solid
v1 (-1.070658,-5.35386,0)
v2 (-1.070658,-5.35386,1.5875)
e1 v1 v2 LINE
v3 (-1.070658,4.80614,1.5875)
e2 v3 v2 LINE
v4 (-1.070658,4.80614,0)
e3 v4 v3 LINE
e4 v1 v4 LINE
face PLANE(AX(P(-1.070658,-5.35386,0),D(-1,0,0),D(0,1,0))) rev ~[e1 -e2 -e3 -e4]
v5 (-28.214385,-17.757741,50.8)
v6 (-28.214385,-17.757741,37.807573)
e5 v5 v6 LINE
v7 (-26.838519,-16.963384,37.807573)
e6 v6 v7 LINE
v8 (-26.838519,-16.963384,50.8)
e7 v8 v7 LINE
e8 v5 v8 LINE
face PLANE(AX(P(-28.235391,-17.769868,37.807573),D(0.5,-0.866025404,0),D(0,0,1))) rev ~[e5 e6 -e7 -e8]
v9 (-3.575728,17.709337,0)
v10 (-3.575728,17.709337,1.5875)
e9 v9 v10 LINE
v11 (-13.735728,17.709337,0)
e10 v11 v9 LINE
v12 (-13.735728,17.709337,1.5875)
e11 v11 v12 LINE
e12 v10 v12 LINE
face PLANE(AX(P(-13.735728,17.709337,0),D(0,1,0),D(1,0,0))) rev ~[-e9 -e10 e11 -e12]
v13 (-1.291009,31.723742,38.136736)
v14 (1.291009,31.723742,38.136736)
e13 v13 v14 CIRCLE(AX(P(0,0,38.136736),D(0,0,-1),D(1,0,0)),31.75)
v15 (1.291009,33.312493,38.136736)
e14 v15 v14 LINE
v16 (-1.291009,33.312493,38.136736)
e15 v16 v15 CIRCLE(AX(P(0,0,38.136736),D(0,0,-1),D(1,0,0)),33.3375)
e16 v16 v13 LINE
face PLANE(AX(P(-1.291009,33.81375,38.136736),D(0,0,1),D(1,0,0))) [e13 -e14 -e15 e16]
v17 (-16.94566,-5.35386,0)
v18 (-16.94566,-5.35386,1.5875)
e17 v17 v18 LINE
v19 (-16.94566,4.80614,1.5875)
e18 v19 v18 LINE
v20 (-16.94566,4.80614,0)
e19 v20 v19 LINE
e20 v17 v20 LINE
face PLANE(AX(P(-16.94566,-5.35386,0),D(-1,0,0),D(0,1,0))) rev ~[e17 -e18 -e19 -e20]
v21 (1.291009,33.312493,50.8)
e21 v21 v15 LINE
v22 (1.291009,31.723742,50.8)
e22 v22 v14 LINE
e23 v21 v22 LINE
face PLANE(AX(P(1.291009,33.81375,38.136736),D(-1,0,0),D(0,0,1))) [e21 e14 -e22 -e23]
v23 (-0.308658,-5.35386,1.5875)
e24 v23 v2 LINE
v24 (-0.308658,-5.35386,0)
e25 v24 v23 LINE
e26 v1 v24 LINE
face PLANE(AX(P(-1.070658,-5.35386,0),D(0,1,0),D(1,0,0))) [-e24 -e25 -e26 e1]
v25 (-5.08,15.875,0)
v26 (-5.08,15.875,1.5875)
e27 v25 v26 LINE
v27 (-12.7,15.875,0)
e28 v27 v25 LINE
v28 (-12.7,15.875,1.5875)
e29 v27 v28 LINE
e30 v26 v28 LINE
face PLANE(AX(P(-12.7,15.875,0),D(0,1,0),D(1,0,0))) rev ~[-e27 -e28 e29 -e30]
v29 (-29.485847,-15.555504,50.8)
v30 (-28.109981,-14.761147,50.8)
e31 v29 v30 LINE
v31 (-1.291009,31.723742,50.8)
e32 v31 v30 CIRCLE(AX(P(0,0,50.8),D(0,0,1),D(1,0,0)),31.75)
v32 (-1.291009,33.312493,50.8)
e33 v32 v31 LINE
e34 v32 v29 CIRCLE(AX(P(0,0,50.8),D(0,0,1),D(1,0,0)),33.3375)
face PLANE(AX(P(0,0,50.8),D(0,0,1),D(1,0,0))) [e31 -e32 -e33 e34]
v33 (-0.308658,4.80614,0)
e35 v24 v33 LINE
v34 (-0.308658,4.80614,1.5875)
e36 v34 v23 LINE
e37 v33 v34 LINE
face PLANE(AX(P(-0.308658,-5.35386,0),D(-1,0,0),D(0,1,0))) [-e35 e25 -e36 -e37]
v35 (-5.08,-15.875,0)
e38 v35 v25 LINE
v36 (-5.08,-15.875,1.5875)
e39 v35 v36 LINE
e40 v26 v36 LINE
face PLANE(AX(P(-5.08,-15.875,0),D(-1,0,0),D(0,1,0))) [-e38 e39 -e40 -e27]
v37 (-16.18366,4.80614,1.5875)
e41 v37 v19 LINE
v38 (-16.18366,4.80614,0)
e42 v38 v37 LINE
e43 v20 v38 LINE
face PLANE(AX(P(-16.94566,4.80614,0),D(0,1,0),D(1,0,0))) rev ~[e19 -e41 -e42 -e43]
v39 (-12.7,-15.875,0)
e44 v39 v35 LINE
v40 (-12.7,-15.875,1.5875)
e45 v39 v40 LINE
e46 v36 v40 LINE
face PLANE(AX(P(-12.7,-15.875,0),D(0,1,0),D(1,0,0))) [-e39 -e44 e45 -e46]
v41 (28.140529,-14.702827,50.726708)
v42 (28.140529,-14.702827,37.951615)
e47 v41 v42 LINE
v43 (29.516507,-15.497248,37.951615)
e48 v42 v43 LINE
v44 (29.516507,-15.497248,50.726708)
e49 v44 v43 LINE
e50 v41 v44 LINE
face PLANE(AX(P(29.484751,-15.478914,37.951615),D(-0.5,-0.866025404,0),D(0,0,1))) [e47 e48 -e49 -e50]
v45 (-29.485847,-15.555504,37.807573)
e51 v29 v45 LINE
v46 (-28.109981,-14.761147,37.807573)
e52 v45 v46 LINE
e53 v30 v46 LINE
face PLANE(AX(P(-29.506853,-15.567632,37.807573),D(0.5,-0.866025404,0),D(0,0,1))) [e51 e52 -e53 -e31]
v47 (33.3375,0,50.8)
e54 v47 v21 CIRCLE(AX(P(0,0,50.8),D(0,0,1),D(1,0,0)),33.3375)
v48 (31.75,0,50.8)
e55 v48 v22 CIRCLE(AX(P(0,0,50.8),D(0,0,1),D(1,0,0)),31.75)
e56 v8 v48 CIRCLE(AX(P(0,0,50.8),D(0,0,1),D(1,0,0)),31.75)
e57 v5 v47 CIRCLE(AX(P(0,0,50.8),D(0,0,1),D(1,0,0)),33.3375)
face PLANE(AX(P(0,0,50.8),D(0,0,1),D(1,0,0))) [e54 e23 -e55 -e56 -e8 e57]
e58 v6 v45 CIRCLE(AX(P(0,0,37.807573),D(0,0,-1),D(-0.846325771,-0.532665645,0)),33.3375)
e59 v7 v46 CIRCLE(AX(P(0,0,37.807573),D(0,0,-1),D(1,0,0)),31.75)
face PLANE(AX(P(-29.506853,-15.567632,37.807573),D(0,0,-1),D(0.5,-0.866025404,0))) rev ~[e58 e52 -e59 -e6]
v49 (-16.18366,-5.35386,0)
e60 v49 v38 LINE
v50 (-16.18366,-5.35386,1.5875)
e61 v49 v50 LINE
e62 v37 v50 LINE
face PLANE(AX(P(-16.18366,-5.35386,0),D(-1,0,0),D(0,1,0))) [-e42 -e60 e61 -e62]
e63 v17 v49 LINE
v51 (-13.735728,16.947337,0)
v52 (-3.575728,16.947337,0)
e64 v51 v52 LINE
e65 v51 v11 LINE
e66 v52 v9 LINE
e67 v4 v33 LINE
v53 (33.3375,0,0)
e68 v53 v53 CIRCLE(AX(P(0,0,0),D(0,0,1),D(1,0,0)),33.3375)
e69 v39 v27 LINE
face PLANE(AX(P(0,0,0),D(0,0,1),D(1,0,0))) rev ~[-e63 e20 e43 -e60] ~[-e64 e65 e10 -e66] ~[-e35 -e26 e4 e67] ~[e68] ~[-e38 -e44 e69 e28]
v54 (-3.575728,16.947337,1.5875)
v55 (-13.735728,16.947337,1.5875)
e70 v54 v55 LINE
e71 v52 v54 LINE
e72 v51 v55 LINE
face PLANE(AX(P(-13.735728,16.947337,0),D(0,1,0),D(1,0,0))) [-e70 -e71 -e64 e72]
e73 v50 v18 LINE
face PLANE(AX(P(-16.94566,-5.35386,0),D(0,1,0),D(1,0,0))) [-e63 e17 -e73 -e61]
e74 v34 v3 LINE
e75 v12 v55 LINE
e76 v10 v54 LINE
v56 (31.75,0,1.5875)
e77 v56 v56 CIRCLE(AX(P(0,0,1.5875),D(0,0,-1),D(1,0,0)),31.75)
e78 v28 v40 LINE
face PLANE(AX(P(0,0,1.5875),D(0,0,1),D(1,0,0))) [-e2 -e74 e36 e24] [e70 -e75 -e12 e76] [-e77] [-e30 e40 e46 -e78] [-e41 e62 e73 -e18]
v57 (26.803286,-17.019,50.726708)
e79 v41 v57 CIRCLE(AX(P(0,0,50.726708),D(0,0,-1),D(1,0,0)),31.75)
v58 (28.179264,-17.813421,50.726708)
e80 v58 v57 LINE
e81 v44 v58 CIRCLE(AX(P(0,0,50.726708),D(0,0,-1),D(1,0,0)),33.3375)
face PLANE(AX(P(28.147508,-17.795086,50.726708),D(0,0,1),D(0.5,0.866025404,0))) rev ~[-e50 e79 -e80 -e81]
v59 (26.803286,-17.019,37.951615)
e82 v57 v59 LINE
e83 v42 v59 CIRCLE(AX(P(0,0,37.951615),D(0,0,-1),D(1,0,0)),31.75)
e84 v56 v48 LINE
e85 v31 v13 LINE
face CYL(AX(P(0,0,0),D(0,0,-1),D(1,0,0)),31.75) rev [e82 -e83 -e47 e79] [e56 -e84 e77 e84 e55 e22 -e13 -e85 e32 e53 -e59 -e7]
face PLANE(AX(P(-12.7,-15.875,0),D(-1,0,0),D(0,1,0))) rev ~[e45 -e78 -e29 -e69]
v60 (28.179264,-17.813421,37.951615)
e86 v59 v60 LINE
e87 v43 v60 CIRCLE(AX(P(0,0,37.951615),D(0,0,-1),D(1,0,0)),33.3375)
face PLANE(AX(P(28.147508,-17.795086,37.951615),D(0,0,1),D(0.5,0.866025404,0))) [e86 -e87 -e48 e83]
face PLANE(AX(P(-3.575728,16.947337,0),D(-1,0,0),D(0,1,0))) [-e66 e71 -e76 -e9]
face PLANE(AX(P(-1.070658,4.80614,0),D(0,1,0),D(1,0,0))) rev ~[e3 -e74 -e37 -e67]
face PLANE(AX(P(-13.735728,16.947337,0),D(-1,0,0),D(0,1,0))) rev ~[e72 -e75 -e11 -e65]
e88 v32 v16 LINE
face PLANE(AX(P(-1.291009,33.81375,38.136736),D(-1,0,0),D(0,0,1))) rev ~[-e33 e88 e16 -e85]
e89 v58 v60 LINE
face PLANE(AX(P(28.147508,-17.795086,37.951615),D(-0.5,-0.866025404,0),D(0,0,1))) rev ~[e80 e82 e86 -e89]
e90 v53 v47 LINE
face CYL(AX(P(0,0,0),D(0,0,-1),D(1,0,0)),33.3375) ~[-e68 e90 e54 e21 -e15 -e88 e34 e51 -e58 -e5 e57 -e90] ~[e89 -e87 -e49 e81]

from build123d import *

# Parameters (mm, degrees)
F0_R           = 33.3375
F1_DEPTH       = 50.8
F2_T           = -1.5875
F6_W           = 2.5429241359
F6_H           = 13.1887868047
F7_DEPTH       = 12.7
F10_W          = 2.6744855568
F10_H          = 12.775093317
F11_DEPTH      = 2.794
F11_DEPTH_BACK = 2.413
F13_W          = 2.5820170995
F13_H          = 12.7615630627
F14_DEPTH      = 5.0546
F14_DEPTH_BACK = 4.7244
F15_W          = 7.62
F15_H          = 31.75
F15_W_2        = 0.7620003967
F15_H_2        = 10.16
F15_W_3        = 0.762
F15_W_4        = 10.16
F15_H_3        = 0.762
F16_DEPTH      = 9.906


with BuildPart() as f1:
    # F0 (on Top) → F1 (new body)
    with BuildSketch(Plane.XY):
        Circle(F0_R)
    extrude(amount=F1_DEPTH)

    # F2
    f2_openings = [f1.faces().sort_by_distance(p)[0] for p in [
        (0, 0, 50.8),
    ]]
    offset(amount=F2_T, openings=f2_openings)

    # F6 (on offset) → F7 (cut)
    with BuildSketch(Plane(origin=(-28.8711218987, -16.66875, 0), x_dir=(0.5, -0.8660254038, 0), z_dir=(-0.8660254038, -0.5, 0))):
        with Locations((0, 44.4019660354)):
            Rectangle(F6_W, F6_H)
    extrude(amount=-F7_DEPTH, mode=Mode.SUBTRACT)

    # F10 (on offset) → F11 (cut, two sides)
    with BuildSketch(Plane(origin=(28.8161292855, -16.637, 0), x_dir=(0.5, 0.8660254038, 0), z_dir=(0.8660254038, -0.5, 0))) as f11_sk:
        with Locations((0, 44.3391613662)):
            Rectangle(F10_W, F10_H)
    extrude(amount=-F11_DEPTH, mode=Mode.SUBTRACT)
    extrude(f11_sk.sketch, amount=F11_DEPTH_BACK, mode=Mode.SUBTRACT)

    # F13 (on offset) → F14 (cut, two sides)
    with BuildSketch(Plane.XZ.offset(-33.81375)) as f14_sk:
        with Locations((0, 44.5175170898)):
            Rectangle(F13_W, F13_H)
    extrude(amount=-F14_DEPTH, mode=Mode.SUBTRACT)
    extrude(f14_sk.sketch, amount=F14_DEPTH_BACK, mode=Mode.SUBTRACT)

    # F15 (on Top) → F16 (cut)
    with BuildSketch(Plane.XY):
        with Locations((-8.89, 0)):
            Rectangle(F15_W, F15_H)
        with Locations((-0.6896582572, -0.2738600914)):
            Rectangle(F15_W_2, F15_H_2)
        with Locations((-16.5646602053, -0.2738598244)):
            Rectangle(F15_W_3, F15_H_2)
        with Locations((-8.6557281865, 17.3283369606)):
            Rectangle(F15_W_4, F15_H_3)
    extrude(amount=F16_DEPTH, mode=Mode.SUBTRACT)


solid = f1.part
